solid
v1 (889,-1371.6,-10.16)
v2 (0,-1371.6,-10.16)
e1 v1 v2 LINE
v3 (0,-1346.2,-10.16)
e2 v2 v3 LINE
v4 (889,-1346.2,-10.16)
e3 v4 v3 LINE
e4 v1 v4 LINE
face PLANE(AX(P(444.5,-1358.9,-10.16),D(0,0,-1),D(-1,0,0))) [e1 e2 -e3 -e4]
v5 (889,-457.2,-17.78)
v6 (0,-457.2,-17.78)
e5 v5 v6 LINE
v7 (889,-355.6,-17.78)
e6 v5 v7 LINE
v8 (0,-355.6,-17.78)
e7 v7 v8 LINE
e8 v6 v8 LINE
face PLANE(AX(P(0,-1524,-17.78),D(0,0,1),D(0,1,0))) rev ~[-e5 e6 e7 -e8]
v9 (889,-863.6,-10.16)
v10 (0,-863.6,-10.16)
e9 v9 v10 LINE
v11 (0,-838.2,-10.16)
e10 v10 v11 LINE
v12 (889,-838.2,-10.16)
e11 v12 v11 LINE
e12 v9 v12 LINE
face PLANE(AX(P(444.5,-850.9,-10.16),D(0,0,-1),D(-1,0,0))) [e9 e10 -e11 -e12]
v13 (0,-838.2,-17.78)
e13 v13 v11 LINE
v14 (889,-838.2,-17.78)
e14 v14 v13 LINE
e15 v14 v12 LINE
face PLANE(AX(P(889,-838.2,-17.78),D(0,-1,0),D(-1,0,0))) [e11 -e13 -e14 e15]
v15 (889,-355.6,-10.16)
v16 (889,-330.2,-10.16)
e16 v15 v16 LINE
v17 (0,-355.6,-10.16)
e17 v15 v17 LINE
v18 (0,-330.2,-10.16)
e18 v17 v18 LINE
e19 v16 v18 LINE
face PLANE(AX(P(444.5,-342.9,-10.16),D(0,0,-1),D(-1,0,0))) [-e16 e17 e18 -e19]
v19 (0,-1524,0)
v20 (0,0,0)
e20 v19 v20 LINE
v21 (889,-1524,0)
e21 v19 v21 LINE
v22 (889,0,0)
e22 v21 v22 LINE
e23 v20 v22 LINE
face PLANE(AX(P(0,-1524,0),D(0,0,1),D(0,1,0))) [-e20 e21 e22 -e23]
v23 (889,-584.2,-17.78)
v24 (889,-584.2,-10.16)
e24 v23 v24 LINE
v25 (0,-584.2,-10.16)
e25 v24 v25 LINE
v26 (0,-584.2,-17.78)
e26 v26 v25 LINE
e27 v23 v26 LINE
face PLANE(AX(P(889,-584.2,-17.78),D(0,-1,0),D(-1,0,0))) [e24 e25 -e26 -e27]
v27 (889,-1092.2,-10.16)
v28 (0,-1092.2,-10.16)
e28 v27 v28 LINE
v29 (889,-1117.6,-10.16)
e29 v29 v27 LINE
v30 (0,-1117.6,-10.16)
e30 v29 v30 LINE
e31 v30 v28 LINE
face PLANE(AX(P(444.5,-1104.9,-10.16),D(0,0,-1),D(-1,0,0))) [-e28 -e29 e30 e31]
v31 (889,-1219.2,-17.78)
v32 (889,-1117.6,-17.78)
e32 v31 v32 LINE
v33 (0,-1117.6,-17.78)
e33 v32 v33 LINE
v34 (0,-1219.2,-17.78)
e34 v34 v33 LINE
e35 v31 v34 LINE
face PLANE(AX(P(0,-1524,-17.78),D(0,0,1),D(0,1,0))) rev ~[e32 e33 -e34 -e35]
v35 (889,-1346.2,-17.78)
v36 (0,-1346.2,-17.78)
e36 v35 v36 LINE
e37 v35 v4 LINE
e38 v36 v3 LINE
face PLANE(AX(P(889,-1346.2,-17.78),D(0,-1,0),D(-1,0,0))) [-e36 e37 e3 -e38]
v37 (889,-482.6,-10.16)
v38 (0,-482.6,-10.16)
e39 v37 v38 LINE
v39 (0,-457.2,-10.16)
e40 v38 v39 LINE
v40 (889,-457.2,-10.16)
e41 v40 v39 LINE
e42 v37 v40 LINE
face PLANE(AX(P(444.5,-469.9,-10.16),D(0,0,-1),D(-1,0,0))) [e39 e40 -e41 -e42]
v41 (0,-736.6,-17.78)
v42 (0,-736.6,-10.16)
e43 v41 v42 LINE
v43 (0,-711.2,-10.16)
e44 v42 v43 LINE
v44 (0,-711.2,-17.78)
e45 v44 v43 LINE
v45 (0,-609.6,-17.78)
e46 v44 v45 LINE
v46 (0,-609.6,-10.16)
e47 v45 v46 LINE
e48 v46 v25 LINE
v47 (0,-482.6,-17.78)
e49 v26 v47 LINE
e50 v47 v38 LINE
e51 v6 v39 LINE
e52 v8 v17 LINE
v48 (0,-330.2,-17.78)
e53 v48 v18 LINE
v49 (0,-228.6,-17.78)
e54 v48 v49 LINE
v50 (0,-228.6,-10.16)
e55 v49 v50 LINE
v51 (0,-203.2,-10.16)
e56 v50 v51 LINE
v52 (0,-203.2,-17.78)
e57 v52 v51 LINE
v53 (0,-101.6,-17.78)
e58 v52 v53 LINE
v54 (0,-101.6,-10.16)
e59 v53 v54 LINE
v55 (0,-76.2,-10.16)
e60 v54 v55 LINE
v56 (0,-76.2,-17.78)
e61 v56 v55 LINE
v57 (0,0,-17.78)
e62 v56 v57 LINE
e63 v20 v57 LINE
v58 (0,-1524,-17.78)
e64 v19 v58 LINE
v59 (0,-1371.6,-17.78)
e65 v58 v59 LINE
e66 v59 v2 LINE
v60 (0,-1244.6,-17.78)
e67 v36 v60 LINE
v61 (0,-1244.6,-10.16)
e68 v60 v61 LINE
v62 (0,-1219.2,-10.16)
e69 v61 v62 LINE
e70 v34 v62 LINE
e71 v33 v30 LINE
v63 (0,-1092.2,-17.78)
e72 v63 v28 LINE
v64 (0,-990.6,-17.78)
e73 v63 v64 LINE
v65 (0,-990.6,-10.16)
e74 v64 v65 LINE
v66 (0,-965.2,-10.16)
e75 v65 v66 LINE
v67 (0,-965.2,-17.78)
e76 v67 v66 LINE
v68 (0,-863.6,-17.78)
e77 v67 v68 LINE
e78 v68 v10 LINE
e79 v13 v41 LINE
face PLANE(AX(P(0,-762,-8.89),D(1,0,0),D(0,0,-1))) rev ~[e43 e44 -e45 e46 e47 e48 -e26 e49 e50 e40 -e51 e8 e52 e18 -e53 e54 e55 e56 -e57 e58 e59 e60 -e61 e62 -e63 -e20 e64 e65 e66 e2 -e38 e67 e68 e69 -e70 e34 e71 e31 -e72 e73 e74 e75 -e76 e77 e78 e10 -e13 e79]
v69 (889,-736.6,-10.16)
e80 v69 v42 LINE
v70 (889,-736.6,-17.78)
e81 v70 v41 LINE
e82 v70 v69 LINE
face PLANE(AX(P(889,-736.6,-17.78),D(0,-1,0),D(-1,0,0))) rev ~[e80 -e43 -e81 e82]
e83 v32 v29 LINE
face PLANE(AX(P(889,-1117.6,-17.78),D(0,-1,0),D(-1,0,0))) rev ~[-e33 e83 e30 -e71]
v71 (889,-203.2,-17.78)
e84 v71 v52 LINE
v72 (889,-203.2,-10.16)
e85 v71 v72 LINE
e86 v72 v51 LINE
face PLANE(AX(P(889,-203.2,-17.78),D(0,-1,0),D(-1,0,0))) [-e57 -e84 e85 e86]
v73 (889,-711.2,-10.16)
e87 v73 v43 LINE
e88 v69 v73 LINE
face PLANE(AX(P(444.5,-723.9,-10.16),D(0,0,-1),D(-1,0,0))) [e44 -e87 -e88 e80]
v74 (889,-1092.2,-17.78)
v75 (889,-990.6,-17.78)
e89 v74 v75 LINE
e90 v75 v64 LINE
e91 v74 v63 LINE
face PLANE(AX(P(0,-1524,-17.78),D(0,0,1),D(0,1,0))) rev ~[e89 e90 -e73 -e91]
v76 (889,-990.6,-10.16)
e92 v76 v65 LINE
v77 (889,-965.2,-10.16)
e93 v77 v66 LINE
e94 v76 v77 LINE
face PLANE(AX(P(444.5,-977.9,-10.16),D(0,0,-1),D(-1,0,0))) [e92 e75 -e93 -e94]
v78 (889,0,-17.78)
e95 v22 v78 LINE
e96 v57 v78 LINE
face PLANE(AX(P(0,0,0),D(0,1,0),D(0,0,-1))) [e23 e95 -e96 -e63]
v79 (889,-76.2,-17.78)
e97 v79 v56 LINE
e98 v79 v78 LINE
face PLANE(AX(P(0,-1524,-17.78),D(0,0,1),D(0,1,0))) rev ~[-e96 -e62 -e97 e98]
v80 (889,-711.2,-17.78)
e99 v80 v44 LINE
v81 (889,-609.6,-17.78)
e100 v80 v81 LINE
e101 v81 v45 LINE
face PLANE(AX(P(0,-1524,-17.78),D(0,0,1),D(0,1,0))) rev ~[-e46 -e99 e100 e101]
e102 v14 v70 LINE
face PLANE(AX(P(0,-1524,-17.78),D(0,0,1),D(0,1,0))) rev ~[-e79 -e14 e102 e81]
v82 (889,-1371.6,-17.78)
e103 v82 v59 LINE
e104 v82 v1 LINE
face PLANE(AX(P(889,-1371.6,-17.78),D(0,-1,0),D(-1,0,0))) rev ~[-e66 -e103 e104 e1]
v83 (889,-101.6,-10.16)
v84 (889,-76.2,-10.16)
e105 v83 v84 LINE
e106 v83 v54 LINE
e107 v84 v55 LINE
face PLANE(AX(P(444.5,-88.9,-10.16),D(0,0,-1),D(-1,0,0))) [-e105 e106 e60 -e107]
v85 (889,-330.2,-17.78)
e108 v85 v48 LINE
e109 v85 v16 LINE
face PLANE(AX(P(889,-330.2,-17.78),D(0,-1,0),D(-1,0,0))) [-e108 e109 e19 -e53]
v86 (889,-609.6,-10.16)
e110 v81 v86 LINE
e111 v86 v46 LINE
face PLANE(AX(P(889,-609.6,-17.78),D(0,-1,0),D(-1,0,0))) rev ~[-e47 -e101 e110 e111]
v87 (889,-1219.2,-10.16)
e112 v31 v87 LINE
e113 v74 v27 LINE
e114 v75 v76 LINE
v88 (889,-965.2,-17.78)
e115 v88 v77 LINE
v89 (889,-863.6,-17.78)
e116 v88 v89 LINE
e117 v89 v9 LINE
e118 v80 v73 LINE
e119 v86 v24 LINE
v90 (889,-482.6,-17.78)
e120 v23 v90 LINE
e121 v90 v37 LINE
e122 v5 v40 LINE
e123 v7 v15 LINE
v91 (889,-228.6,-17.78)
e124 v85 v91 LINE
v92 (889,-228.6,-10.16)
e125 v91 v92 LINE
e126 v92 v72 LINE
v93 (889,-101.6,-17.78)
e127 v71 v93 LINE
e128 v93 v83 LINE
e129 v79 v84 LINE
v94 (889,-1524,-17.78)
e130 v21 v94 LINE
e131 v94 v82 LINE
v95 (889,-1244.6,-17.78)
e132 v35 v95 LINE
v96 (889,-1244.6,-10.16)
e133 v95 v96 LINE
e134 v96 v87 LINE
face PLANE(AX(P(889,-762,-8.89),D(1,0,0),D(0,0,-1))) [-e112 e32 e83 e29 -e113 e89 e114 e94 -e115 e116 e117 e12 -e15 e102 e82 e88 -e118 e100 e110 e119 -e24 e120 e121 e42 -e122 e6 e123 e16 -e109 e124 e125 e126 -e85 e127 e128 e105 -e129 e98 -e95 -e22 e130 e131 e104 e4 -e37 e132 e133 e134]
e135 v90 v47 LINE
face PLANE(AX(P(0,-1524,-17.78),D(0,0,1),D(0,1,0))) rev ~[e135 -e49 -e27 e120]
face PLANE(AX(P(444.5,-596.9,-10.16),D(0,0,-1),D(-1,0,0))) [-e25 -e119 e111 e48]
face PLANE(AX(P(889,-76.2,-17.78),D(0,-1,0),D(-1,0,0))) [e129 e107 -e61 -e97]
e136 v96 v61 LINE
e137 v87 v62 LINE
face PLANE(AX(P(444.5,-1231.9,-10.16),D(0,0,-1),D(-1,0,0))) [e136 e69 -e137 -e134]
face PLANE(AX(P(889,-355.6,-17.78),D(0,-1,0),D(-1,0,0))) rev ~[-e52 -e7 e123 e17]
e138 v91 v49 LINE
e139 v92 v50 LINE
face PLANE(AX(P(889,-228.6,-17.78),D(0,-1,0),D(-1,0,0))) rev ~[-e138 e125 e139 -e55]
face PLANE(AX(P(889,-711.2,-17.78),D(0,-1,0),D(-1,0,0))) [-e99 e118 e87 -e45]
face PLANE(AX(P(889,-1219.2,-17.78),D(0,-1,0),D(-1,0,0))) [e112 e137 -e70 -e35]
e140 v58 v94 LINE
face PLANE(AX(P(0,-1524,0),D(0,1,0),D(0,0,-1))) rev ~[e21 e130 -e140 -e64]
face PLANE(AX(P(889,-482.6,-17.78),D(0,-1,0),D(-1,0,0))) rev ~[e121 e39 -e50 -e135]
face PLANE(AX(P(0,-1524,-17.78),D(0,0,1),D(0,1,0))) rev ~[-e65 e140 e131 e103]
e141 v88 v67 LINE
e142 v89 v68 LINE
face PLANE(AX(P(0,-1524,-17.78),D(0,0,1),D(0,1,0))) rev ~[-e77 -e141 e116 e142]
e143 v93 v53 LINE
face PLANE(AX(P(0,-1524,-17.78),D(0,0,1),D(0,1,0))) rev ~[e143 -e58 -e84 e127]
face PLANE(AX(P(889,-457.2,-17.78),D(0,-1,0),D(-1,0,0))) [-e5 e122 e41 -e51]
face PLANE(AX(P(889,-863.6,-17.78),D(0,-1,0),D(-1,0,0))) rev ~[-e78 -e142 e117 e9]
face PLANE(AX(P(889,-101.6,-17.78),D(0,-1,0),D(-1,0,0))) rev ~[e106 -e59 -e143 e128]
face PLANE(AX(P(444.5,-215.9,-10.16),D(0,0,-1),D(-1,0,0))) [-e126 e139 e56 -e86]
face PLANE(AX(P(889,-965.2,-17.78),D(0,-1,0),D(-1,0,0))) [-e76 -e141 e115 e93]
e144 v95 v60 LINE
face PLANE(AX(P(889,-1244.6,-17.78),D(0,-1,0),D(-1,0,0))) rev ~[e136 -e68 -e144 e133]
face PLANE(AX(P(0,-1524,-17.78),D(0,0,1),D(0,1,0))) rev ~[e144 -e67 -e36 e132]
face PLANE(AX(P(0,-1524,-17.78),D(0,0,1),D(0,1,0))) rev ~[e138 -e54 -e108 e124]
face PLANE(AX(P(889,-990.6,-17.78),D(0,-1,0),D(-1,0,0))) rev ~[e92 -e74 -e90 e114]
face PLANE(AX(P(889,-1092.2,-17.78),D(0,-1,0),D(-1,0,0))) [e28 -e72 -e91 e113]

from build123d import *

# Parameters (mm, degrees)
SKETCH2_W           = 17.78
SKETCH2_H           = 1524
BOSS_EXTRUDE1_DEPTH = 889
SKETCH3_W           = 889
SKETCH3_H           = 25.4
CUT_EXTRUDE1_DEPTH  = 7.62


with BuildPart() as part:
    # Sketch2 → Boss-Extrude1 (new body)
    with BuildSketch(Plane(origin=(0, 0, 0), x_dir=(0, 0, -1), z_dir=(1, 0, 0))):
        with Locations((8.89, -762)):
            Rectangle(SKETCH2_W, SKETCH2_H)
    extrude(amount=BOSS_EXTRUDE1_DEPTH)

    # Sketch3 → Cut-Extrude1 (cut)
    with BuildSketch(Plane(origin=(0, 0, -17.78), x_dir=(-1, 0, 0), z_dir=(0, 0, -1))):
        with Locations((-444.5, -88.9)):
            Rectangle(SKETCH3_W, SKETCH3_H)
        with Locations((-444.5, -215.9)):
            Rectangle(SKETCH3_W, SKETCH3_H)
        with Locations((-444.5, -342.9)):
            Rectangle(SKETCH3_W, SKETCH3_H)
        with Locations((-444.5, -469.9)):
            Rectangle(SKETCH3_W, SKETCH3_H)
        with Locations((-444.5, -596.9)):
            Rectangle(SKETCH3_W, SKETCH3_H)
        with Locations((-444.5, -723.9)):
            Rectangle(SKETCH3_W, SKETCH3_H)
        with Locations((-444.5, -850.9)):
            Rectangle(SKETCH3_W, SKETCH3_H)
        with Locations((-444.5, -977.9)):
            Rectangle(SKETCH3_W, SKETCH3_H)
        with Locations((-444.5, -1104.9)):
            Rectangle(SKETCH3_W, SKETCH3_H)
        with Locations((-444.5, -1231.9)):
            Rectangle(SKETCH3_W, SKETCH3_H)
        with Locations((-444.5, -1358.9)):
            Rectangle(SKETCH3_W, SKETCH3_H)
    extrude(amount=-CUT_EXTRUDE1_DEPTH, mode=Mode.SUBTRACT)


solid = part.part
